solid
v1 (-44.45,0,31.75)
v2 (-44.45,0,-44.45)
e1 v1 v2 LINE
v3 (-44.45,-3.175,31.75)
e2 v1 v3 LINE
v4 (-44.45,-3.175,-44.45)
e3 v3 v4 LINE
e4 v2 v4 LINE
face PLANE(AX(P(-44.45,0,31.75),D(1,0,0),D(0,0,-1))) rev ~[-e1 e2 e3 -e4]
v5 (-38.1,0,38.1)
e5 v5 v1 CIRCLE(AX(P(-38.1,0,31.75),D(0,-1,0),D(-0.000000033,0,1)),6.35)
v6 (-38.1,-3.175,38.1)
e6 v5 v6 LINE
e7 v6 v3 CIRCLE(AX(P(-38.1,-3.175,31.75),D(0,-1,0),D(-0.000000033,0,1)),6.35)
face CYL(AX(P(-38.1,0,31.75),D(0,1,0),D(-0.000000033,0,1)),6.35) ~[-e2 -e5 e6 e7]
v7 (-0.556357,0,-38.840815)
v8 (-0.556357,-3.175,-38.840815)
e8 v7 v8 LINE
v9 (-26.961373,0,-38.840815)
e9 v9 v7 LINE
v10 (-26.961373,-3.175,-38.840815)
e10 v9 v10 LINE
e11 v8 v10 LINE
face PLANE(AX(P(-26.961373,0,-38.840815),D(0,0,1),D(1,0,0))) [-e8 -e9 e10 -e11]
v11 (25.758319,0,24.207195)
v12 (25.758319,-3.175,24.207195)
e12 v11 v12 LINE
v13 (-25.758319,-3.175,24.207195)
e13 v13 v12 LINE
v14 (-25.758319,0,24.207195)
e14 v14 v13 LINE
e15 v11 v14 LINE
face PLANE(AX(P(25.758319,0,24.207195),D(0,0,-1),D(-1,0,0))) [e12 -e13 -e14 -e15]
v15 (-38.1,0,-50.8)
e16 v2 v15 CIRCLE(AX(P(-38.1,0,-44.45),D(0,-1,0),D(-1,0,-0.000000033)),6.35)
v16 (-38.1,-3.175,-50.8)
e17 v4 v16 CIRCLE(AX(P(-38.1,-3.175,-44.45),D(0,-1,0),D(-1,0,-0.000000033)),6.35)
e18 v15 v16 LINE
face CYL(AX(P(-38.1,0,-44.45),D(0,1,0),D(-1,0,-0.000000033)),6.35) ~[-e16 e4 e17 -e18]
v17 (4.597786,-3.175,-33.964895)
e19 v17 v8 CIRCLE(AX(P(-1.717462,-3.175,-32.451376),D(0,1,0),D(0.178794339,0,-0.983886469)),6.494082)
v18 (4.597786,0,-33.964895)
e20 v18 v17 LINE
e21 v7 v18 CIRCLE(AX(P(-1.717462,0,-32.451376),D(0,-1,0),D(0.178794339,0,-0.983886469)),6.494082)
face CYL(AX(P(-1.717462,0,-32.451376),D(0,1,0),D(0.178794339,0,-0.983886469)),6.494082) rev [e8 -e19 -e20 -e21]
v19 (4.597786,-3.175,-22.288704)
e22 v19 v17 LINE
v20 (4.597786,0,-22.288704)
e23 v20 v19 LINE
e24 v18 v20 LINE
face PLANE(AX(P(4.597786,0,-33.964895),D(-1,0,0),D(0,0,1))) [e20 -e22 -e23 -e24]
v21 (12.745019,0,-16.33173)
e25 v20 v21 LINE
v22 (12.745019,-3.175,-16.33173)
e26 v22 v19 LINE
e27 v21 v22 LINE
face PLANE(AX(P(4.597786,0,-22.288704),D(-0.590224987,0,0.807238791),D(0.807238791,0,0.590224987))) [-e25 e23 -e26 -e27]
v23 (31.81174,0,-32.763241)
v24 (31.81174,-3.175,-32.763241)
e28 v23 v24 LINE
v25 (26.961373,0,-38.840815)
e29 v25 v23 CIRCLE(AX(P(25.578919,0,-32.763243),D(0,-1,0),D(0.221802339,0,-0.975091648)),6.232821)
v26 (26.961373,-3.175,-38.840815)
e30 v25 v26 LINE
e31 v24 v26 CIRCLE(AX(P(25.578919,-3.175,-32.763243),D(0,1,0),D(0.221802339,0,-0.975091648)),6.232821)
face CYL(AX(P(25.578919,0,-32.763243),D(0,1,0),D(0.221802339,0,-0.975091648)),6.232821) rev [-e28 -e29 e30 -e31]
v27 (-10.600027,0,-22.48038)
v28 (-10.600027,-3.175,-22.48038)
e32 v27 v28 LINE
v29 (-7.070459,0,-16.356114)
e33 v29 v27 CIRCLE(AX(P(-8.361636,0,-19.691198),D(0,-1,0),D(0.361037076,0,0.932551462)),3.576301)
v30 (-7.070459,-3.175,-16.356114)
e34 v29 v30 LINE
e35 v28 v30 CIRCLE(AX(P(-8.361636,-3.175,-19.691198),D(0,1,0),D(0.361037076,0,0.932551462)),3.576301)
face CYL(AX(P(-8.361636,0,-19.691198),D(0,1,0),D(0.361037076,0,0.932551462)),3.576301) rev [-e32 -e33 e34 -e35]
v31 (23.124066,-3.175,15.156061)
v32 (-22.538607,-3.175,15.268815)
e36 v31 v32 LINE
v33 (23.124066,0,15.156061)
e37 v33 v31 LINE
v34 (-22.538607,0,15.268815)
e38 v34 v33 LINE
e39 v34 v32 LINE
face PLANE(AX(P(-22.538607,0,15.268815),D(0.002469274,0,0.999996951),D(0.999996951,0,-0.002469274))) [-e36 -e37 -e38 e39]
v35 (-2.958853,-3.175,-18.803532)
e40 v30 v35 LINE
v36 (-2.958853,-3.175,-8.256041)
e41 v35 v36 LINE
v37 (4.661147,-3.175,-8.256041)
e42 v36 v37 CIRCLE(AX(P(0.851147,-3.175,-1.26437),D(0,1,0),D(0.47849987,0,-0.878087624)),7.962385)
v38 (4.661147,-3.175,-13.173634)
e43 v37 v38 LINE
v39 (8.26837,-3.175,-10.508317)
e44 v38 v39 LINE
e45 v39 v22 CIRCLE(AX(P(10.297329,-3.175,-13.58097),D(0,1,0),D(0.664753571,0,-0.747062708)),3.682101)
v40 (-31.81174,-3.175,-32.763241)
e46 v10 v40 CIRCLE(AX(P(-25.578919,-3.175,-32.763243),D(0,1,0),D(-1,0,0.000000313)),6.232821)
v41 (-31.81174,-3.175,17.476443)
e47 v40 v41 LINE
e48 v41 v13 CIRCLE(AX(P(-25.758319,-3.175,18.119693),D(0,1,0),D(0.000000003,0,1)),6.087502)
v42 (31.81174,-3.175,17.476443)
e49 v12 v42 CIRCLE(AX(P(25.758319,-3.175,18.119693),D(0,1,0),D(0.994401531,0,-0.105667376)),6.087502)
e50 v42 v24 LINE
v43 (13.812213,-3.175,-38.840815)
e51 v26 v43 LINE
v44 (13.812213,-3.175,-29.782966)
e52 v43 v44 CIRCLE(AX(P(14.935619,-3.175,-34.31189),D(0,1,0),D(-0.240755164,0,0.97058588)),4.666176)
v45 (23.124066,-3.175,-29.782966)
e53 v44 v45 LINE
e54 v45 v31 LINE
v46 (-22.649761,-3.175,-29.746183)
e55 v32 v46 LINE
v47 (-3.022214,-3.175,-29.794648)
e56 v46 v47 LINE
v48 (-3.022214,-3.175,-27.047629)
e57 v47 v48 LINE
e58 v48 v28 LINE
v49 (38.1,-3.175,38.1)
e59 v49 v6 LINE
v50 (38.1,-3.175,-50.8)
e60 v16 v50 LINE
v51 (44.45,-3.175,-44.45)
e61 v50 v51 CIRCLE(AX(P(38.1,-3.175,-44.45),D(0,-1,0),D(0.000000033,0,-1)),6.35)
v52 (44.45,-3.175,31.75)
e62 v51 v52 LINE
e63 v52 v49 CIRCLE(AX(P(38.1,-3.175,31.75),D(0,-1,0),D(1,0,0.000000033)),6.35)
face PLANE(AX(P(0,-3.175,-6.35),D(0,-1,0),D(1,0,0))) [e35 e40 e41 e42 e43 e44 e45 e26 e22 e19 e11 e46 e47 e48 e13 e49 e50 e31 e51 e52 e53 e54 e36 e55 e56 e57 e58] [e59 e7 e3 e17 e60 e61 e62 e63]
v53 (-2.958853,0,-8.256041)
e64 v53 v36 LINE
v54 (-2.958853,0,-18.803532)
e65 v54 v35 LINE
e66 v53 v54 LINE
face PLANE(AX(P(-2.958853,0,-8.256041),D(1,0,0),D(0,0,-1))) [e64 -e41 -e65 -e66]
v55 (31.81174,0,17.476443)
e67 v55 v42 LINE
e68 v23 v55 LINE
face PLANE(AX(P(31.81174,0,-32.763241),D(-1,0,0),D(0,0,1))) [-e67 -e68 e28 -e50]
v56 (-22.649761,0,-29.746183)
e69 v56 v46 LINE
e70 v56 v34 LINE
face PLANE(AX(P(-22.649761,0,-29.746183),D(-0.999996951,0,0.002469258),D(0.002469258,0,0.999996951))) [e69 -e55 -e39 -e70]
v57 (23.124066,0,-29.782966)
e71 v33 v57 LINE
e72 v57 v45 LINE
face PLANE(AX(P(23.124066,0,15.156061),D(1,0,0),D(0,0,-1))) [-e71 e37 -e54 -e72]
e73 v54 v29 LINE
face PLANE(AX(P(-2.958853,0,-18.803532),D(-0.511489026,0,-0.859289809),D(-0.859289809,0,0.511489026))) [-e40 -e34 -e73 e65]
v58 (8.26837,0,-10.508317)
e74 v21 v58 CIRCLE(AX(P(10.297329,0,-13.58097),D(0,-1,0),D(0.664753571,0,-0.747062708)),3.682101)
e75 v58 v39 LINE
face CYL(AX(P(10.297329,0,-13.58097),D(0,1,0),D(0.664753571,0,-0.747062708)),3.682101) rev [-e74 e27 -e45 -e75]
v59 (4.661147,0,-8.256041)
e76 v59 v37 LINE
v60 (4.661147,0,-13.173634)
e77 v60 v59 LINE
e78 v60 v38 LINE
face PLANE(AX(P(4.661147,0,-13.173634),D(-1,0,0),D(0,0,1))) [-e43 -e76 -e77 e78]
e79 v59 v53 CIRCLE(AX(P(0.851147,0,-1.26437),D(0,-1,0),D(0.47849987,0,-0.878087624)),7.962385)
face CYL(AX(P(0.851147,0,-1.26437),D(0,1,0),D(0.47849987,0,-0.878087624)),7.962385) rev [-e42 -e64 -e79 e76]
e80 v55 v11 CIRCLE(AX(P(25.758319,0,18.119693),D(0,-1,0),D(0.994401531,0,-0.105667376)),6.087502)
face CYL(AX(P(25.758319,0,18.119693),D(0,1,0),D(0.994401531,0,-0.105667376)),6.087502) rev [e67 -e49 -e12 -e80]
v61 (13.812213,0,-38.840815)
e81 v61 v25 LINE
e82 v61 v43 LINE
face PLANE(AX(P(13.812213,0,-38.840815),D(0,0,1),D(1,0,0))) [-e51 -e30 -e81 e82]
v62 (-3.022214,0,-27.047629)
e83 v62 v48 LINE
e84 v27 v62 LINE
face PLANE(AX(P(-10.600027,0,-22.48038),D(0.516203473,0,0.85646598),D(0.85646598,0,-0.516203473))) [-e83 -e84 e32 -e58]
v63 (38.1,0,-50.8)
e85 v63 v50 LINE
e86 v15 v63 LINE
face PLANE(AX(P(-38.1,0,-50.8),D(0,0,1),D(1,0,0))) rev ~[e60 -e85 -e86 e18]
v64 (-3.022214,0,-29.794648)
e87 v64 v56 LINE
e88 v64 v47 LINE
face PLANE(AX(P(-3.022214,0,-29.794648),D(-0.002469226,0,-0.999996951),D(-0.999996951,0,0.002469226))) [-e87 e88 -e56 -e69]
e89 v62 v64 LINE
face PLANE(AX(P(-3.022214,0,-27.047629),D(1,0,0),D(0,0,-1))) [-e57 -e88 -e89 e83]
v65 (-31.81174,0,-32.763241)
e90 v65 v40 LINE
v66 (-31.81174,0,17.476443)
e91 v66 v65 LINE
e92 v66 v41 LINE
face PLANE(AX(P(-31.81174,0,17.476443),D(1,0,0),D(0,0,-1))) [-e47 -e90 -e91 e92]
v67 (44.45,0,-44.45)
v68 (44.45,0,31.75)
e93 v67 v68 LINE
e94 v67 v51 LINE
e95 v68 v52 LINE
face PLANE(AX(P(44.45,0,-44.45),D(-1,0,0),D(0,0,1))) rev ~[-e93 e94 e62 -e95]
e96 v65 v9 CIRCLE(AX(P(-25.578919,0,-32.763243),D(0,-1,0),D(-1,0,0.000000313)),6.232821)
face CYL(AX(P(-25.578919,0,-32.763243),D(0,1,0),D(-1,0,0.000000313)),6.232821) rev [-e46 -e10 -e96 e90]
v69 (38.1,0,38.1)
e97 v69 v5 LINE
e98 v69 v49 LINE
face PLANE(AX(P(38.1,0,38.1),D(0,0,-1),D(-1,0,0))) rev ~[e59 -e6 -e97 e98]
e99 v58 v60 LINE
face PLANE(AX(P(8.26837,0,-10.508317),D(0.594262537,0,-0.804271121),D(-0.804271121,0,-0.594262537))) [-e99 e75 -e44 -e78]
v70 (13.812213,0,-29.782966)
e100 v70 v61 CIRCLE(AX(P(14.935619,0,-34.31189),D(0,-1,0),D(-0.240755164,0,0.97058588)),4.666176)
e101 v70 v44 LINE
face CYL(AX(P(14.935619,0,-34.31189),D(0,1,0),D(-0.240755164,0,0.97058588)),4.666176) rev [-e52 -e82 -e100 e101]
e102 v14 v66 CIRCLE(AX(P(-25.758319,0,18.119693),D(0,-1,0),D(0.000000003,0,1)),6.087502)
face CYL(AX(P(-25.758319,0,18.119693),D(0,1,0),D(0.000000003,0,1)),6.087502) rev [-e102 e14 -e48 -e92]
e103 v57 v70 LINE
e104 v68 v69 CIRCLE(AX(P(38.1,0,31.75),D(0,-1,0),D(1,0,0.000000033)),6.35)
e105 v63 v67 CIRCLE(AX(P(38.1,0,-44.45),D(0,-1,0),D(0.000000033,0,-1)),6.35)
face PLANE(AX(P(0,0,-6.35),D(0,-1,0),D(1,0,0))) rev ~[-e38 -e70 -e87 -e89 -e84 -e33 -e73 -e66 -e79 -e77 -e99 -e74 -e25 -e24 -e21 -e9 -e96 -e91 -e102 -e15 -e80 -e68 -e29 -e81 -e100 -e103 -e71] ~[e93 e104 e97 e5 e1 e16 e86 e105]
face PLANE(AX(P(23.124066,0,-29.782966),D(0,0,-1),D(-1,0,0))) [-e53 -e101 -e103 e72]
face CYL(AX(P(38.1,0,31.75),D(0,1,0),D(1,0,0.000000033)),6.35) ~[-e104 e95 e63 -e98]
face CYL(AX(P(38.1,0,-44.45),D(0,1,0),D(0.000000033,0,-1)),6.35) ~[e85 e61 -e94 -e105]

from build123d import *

# Parameters (mm, degrees)
F2_DEPTH = 3.175
F3_DEPTH = 3.176


with BuildPart() as f2:
    # F1 (on Front) → F2 (new body)
    with BuildSketch(Plane.XZ):
        with BuildLine():
            Line((38.1, 38.1), (-38.1, 38.1))
            ThreePointArc((-38.1, 38.1), (-42.590128, 36.240128), (-44.45, 31.75))
            Line((-44.45, 31.75), (-44.45, -44.45))
            ThreePointArc((-44.45, -44.45), (-42.590128, -48.940128), (-38.1, -50.8))
            Line((-38.1, -50.8), (38.1, -50.8))
            ThreePointArc((38.1, -50.8), (42.590128, -48.940128), (44.45, -44.45))
            Line((44.45, -44.45), (44.45, 31.75))
            ThreePointArc((44.45, 31.75), (42.590128, 36.240128), (38.1, 38.1))
        make_face()
    extrude(amount=F2_DEPTH)

    # F0 (on Front) → F3 (cut, through all)
    with BuildSketch(Plane.XZ):
        with BuildLine():
            Line((-22.538607, 15.268815), (23.124066, 15.156061))
            Line((23.124066, 15.156061), (23.124066, -29.782966))
            Line((23.124066, -29.782966), (13.812213, -29.782966))
            ThreePointArc((13.812213, -29.782966), (10.269443, -34.311891), (13.812213, -38.840815))
            Line((13.812213, -38.840815), (26.961373, -38.840815))
            ThreePointArc((26.961373, -38.840815), (30.450503, -36.651138), (31.81174, -32.763241))
            Line((31.81174, -32.763241), (31.81174, 17.476443))
            ThreePointArc((31.81174, 17.476443), (30.284546, 22.190436), (25.758319, 24.207195))
            Line((25.758319, 24.207195), (0, 24.207195))
            Line((0, 24.207195), (-25.758319, 24.207195))
            ThreePointArc((-25.758319, 24.207195), (-30.284546, 22.190436), (-31.81174, 17.476443))
            Line((-31.81174, 17.476443), (-31.81174, -32.763241))
            ThreePointArc((-31.81174, -32.763241), (-30.450503, -36.651138), (-26.961373, -38.840815))
            Line((-26.961373, -38.840815), (-0.556357, -38.840815))
            ThreePointArc((-0.556357, -38.840815), (2.745453, -37.168948), (4.597786, -33.964895))
            Line((4.597786, -33.964895), (4.597786, -22.288704))
            Line((4.597786, -22.288704), (12.745019, -16.33173))
            ThreePointArc((12.745019, -16.33173), (13.216553, -11.336866), (8.26837, -10.508317))
            Line((8.26837, -10.508317), (4.661147, -13.173634))
            Line((4.661147, -13.173634), (4.661147, -8.256041))
            ThreePointArc((4.661147, -8.256041), (0.851147, 6.698015), (-2.958853, -8.256041))
            Line((-2.958853, -8.256041), (-2.958853, -18.803532))
            Line((-2.958853, -18.803532), (-7.070459, -16.356114))
            ThreePointArc((-7.070459, -16.356114), (-11.460178, -17.905431), (-10.600027, -22.48038))
            Line((-10.600027, -22.48038), (-3.022214, -27.047629))
            Line((-3.022214, -27.047629), (-3.022214, -29.794648))
            Line((-3.022214, -29.794648), (-22.649761, -29.746183))
            Line((-22.649761, -29.746183), (-22.538607, 15.268815))
        make_face()
    extrude(amount=F3_DEPTH, mode=Mode.SUBTRACT)


solid = f2.part
